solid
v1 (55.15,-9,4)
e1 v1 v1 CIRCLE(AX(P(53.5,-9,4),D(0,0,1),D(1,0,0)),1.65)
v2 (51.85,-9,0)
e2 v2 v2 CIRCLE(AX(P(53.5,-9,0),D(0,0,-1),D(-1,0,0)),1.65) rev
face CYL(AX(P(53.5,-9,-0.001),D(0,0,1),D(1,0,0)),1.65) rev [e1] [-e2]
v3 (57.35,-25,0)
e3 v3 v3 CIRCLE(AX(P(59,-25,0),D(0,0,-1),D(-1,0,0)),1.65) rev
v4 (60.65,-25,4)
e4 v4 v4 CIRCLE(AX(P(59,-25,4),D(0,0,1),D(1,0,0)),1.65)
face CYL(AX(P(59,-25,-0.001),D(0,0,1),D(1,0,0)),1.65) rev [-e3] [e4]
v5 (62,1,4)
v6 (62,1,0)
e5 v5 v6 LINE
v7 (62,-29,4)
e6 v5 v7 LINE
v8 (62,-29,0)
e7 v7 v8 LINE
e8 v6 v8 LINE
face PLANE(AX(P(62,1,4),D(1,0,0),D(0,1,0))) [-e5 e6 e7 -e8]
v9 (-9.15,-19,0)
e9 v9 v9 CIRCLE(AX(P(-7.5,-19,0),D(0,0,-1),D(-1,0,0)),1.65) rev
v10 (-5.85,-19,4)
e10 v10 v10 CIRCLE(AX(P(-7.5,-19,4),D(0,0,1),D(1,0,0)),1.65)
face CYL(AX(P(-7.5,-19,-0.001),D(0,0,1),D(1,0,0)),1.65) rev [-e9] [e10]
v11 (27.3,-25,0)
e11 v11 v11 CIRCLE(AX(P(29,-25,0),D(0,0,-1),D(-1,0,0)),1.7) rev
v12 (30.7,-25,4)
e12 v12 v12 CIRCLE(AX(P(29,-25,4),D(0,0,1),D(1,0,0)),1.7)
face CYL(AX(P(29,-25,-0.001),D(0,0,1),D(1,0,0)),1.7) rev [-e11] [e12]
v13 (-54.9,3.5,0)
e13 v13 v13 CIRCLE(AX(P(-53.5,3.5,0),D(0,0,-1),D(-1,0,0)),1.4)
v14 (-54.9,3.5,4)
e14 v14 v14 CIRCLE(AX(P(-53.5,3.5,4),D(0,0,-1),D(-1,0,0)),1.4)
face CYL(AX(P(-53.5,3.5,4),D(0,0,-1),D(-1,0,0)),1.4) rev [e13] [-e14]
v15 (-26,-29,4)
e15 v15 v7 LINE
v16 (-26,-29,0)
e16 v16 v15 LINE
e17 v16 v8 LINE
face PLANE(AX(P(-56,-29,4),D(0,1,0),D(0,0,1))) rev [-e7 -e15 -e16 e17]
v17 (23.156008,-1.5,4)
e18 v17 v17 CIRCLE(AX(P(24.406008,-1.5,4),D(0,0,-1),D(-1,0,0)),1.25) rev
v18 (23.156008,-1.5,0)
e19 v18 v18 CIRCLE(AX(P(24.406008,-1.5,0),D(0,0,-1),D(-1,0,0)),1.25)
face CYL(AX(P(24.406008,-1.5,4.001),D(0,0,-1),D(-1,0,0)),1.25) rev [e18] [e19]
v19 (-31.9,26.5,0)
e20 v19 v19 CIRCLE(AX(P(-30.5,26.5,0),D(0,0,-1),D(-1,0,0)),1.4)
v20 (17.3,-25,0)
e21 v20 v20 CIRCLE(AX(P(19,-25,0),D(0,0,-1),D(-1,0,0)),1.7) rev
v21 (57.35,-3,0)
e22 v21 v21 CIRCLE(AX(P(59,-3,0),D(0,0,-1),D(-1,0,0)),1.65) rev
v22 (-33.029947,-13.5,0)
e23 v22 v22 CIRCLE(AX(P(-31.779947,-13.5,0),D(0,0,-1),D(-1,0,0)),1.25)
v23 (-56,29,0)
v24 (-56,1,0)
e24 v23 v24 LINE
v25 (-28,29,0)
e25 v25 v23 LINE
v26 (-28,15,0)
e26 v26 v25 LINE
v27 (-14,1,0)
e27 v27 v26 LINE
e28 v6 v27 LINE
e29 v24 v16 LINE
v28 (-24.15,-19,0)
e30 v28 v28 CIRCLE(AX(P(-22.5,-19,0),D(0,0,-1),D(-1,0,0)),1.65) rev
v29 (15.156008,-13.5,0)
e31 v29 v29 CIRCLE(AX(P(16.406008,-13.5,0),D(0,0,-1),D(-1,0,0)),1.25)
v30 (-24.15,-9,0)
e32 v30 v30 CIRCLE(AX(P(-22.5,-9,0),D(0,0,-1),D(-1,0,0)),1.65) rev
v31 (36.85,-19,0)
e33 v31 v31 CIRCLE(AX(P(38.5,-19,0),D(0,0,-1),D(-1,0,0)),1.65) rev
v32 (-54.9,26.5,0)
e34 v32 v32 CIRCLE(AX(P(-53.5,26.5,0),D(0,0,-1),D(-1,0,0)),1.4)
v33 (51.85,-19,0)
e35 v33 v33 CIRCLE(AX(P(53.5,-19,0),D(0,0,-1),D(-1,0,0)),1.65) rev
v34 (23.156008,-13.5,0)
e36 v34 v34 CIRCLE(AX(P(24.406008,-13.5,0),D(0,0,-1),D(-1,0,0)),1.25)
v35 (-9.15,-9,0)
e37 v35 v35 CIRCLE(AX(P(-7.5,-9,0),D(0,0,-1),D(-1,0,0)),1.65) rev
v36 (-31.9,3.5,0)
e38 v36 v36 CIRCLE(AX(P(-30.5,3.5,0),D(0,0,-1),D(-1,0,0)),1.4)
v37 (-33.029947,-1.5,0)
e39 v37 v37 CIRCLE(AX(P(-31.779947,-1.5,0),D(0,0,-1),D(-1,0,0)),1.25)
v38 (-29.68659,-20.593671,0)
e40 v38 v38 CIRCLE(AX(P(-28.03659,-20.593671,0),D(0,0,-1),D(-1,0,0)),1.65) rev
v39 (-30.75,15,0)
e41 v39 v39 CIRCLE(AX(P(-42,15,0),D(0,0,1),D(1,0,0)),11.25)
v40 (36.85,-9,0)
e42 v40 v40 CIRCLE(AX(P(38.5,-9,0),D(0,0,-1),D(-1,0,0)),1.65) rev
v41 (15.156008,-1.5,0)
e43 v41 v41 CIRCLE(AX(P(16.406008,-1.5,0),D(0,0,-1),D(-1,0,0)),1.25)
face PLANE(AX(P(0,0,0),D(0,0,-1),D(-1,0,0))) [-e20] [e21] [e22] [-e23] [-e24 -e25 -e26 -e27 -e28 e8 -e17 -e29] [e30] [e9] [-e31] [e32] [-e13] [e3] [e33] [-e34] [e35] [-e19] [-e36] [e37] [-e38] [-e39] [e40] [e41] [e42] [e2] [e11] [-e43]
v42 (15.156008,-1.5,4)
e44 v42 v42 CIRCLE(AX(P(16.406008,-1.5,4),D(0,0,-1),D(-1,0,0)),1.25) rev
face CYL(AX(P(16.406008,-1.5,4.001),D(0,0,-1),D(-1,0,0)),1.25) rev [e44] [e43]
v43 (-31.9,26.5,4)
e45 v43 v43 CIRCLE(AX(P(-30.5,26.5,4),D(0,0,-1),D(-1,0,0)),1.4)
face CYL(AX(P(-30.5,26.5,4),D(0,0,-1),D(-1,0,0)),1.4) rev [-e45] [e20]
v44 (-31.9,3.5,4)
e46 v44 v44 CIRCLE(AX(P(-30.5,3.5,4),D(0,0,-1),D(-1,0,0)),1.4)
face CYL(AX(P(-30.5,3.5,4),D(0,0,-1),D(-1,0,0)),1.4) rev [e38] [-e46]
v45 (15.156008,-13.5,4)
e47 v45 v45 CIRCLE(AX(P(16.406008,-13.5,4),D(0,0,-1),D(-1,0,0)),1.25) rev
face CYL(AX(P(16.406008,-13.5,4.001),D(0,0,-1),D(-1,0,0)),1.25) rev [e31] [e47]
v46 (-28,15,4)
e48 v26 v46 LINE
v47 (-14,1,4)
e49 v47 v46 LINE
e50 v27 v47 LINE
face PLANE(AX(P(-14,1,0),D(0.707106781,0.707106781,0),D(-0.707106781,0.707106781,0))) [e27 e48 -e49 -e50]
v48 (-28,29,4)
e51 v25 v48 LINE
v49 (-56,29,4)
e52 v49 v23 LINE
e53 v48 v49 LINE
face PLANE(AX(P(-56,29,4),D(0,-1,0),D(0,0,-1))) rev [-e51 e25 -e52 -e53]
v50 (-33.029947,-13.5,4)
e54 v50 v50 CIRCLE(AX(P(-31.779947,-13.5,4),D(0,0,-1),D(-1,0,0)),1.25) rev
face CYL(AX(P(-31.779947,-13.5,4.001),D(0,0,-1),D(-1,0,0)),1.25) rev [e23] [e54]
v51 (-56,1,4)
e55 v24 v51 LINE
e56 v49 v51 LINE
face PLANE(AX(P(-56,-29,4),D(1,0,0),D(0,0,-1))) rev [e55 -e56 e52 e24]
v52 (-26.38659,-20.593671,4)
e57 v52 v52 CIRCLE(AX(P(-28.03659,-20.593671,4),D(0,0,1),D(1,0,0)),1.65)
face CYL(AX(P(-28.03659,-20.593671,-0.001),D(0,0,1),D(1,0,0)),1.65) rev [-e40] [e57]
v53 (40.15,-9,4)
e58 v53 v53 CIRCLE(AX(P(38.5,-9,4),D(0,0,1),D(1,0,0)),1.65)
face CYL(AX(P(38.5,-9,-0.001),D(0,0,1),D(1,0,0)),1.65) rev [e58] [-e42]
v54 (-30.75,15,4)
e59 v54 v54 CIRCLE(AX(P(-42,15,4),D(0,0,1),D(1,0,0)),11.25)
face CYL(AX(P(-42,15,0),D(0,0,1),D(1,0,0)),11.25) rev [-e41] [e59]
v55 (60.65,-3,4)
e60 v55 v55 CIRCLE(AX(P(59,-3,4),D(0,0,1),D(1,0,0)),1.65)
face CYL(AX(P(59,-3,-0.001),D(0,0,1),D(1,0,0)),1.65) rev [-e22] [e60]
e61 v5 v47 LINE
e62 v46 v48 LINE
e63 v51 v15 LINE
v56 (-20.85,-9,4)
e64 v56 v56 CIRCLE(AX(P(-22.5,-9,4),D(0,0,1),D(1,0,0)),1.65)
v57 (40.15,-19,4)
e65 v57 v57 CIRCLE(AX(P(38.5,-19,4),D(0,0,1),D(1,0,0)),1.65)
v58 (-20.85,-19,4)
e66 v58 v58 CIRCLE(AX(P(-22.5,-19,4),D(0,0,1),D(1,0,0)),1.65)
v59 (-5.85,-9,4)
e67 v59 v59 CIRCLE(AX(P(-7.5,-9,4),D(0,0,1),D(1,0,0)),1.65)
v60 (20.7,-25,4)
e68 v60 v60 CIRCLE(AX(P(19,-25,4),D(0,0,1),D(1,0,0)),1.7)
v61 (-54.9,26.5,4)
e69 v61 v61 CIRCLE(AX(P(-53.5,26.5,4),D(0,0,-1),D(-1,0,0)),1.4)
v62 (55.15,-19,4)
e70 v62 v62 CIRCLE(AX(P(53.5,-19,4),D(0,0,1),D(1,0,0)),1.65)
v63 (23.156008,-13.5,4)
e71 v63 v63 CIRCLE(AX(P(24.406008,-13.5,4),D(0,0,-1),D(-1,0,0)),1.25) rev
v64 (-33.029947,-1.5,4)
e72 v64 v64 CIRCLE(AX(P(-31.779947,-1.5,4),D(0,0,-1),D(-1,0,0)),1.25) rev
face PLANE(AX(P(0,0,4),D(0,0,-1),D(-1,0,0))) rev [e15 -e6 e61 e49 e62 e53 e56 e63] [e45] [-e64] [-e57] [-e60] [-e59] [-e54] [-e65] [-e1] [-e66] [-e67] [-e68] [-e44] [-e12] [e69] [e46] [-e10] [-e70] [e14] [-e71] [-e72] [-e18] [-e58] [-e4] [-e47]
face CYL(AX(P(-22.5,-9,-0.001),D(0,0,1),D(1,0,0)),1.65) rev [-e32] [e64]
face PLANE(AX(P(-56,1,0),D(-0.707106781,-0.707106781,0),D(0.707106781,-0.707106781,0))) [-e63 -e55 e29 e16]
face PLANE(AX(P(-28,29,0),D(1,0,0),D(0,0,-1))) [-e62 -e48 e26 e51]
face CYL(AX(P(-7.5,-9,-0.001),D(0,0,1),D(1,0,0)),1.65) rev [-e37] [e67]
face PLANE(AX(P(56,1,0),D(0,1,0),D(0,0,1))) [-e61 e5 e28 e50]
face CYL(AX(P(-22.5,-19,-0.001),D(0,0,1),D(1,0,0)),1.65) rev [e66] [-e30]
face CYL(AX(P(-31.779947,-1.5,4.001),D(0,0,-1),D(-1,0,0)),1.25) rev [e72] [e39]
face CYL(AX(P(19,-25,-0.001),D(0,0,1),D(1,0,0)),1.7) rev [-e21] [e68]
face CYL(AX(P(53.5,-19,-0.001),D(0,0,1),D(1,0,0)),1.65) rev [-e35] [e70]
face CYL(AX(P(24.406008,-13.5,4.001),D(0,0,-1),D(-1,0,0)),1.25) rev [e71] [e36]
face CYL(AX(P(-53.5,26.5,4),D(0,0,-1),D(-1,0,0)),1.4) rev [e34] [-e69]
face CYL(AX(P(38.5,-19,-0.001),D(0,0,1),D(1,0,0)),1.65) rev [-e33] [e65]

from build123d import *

# Parameters (mm, degrees)
SKETCH_1_W          = 112
SKETCH_1_H          = 58
EXTRUDE_1_DEPTH     = 4
SKETCH_2_OUTSIDE_W  = 139.238
SKETCH_2_OUTSIDE_H  = 85.238
CUT_EXTRUDE_1_DEPTH = 4
SKETCH_3_R          = 11.25
CUT_EXTRUDE_2_DEPTH = 4
CUT_EXTRUDE_3_REACH = 65.19
SKETCH_4_R          = 1.65
SKETCH_4_R_2        = 1.7
CUT_EXTRUDE_4_REACH = 65.19
SKETCH_5_R          = 1.25
SKETCH_8_W          = 6
SKETCH_8_H          = 30
EXTRUDE_3_DEPTH     = 4
CUT_EXTRUDE_5_REACH = 70.564
SKETCH_10_R         = 1.65
CUT_EXTRUDE_6_REACH = 70.564
SKETCH_11_R         = 1.65
SKETCH_13_R         = 1.4
CUT_EXTRUDE_7_DEPTH = 69.563838866


with BuildPart() as part:
    # 草图1 → 凸台-拉伸1 (new body)
    with BuildSketch(Plane.XY):
        Rectangle(SKETCH_1_W, SKETCH_1_H)
    extrude(amount=EXTRUDE_1_DEPTH)

    # 草图2 outside → 切除-拉伸1 (cut)
    with BuildSketch(Plane.XY.offset(4)):
        Rectangle(SKETCH_2_OUTSIDE_W, SKETCH_2_OUTSIDE_H)
        Polygon((56, 1), (-14, 1), (-28, 15), (-28, 29), (-56, 29), (-56, 1), (-26, -29), (56, -29), align=None, mode=Mode.SUBTRACT)
    extrude(amount=-CUT_EXTRUDE_1_DEPTH, mode=Mode.SUBTRACT)

    # 草图3 → 切除-拉伸2 (cut)
    with BuildSketch(Plane.XY.offset(4)):
        with Locations((-42, 15)):
            Circle(SKETCH_3_R)
    extrude(amount=-CUT_EXTRUDE_2_DEPTH, mode=Mode.SUBTRACT)

    # 草图4 → 切除-拉伸3 (cut, up to next)
    with BuildSketch(Plane.XY.offset(4), mode=Mode.PRIVATE) as cut_extrude_3_sk1:
        with Locations((-22.5, -19)):
            Circle(SKETCH_4_R)
    cut_extrude_3_tool1 = extrude(cut_extrude_3_sk1.sketch, amount=-CUT_EXTRUDE_3_REACH, mode=Mode.PRIVATE) & part.part
    # 草图4 → 切除-拉伸3 (cut, up to next)
    with BuildSketch(Plane.XY.offset(4), mode=Mode.PRIVATE) as cut_extrude_3_sk2:
        with Locations((-22.5, -9)):
            Circle(SKETCH_4_R)
    cut_extrude_3_tool2 = extrude(cut_extrude_3_sk2.sketch, amount=-CUT_EXTRUDE_3_REACH, mode=Mode.PRIVATE) & part.part
    # 草图4 → 切除-拉伸3 (cut, up to next)
    with BuildSketch(Plane.XY.offset(4), mode=Mode.PRIVATE) as cut_extrude_3_sk3:
        with Locations((-7.5, -19)):
            Circle(SKETCH_4_R)
    cut_extrude_3_tool3 = extrude(cut_extrude_3_sk3.sketch, amount=-CUT_EXTRUDE_3_REACH, mode=Mode.PRIVATE) & part.part
    # 草图4 → 切除-拉伸3 (cut, up to next)
    with BuildSketch(Plane.XY.offset(4), mode=Mode.PRIVATE) as cut_extrude_3_sk4:
        with Locations((-7.5, -9)):
            Circle(SKETCH_4_R)
    cut_extrude_3_tool4 = extrude(cut_extrude_3_sk4.sketch, amount=-CUT_EXTRUDE_3_REACH, mode=Mode.PRIVATE) & part.part
    # 草图4 → 切除-拉伸3 (cut, up to next)
    with BuildSketch(Plane.XY.offset(4), mode=Mode.PRIVATE) as cut_extrude_3_sk5:
        with Locations((38.5, -19)):
            Circle(SKETCH_4_R)
    cut_extrude_3_tool5 = extrude(cut_extrude_3_sk5.sketch, amount=-CUT_EXTRUDE_3_REACH, mode=Mode.PRIVATE) & part.part
    # 草图4 → 切除-拉伸3 (cut, up to next)
    with BuildSketch(Plane.XY.offset(4), mode=Mode.PRIVATE) as cut_extrude_3_sk6:
        with Locations((38.5, -9)):
            Circle(SKETCH_4_R)
    cut_extrude_3_tool6 = extrude(cut_extrude_3_sk6.sketch, amount=-CUT_EXTRUDE_3_REACH, mode=Mode.PRIVATE) & part.part
    # 草图4 → 切除-拉伸3 (cut, up to next)
    with BuildSketch(Plane.XY.offset(4), mode=Mode.PRIVATE) as cut_extrude_3_sk7:
        with Locations((53.5, -19)):
            Circle(SKETCH_4_R)
    cut_extrude_3_tool7 = extrude(cut_extrude_3_sk7.sketch, amount=-CUT_EXTRUDE_3_REACH, mode=Mode.PRIVATE) & part.part
    # 草图4 → 切除-拉伸3 (cut, up to next)
    with BuildSketch(Plane.XY.offset(4), mode=Mode.PRIVATE) as cut_extrude_3_sk8:
        with Locations((53.5, -9)):
            Circle(SKETCH_4_R)
    cut_extrude_3_tool8 = extrude(cut_extrude_3_sk8.sketch, amount=-CUT_EXTRUDE_3_REACH, mode=Mode.PRIVATE) & part.part
    # 草图4 → 切除-拉伸3 (cut, up to next)
    with BuildSketch(Plane.XY.offset(4), mode=Mode.PRIVATE) as cut_extrude_3_sk9:
        with Locations((19, -25)):
            Circle(SKETCH_4_R_2)
    cut_extrude_3_tool9 = extrude(cut_extrude_3_sk9.sketch, amount=-CUT_EXTRUDE_3_REACH, mode=Mode.PRIVATE) & part.part
    # 草图4 → 切除-拉伸3 (cut, up to next)
    with BuildSketch(Plane.XY.offset(4), mode=Mode.PRIVATE) as cut_extrude_3_sk10:
        with Locations((29, -25)):
            Circle(SKETCH_4_R_2)
    cut_extrude_3_tool10 = extrude(cut_extrude_3_sk10.sketch, amount=-CUT_EXTRUDE_3_REACH, mode=Mode.PRIVATE) & part.part
    add(cut_extrude_3_tool1.solids().sort_by_distance((-22.5, -19, 4))[0], mode=Mode.SUBTRACT)
    add(cut_extrude_3_tool2.solids().sort_by_distance((-22.5, -9, 4))[0], mode=Mode.SUBTRACT)
    add(cut_extrude_3_tool3.solids().sort_by_distance((-7.5, -19, 4))[0], mode=Mode.SUBTRACT)
    add(cut_extrude_3_tool4.solids().sort_by_distance((-7.5, -9, 4))[0], mode=Mode.SUBTRACT)
    add(cut_extrude_3_tool5.solids().sort_by_distance((38.5, -19, 4))[0], mode=Mode.SUBTRACT)
    add(cut_extrude_3_tool6.solids().sort_by_distance((38.5, -9, 4))[0], mode=Mode.SUBTRACT)
    add(cut_extrude_3_tool7.solids().sort_by_distance((53.5, -19, 4))[0], mode=Mode.SUBTRACT)
    add(cut_extrude_3_tool8.solids().sort_by_distance((53.5, -9, 4))[0], mode=Mode.SUBTRACT)
    add(cut_extrude_3_tool9.solids().sort_by_distance((19, -25, 4))[0], mode=Mode.SUBTRACT)
    add(cut_extrude_3_tool10.solids().sort_by_distance((29, -25, 4))[0], mode=Mode.SUBTRACT)

    # 草图5 → 切除-拉伸4 (cut, up to next)
    with BuildSketch(Plane(origin=(0, 0, 0), x_dir=(-1, 0, 0), z_dir=(0, 0, -1)), mode=Mode.PRIVATE) as cut_extrude_4_sk1:
        with Locations((-16.406007896, -13.5)):
            Circle(SKETCH_5_R)
    cut_extrude_4_tool1 = extrude(cut_extrude_4_sk1.sketch, amount=-CUT_EXTRUDE_4_REACH, mode=Mode.PRIVATE) & part.part
    # 草图5 → 切除-拉伸4 (cut, up to next)
    with BuildSketch(Plane(origin=(0, 0, 0), x_dir=(-1, 0, 0), z_dir=(0, 0, -1)), mode=Mode.PRIVATE) as cut_extrude_4_sk2:
        with Locations((-24.406007896, -13.5)):
            Circle(SKETCH_5_R)
    cut_extrude_4_tool2 = extrude(cut_extrude_4_sk2.sketch, amount=-CUT_EXTRUDE_4_REACH, mode=Mode.PRIVATE) & part.part
    # 草图5 → 切除-拉伸4 (cut, up to next)
    with BuildSketch(Plane(origin=(0, 0, 0), x_dir=(-1, 0, 0), z_dir=(0, 0, -1)), mode=Mode.PRIVATE) as cut_extrude_4_sk3:
        with Locations((-16.406007896, -1.5)):
            Circle(SKETCH_5_R)
    cut_extrude_4_tool3 = extrude(cut_extrude_4_sk3.sketch, amount=-CUT_EXTRUDE_4_REACH, mode=Mode.PRIVATE) & part.part
    # 草图5 → 切除-拉伸4 (cut, up to next)
    with BuildSketch(Plane(origin=(0, 0, 0), x_dir=(-1, 0, 0), z_dir=(0, 0, -1)), mode=Mode.PRIVATE) as cut_extrude_4_sk4:
        with Locations((-24.406007896, -1.5)):
            Circle(SKETCH_5_R)
    cut_extrude_4_tool4 = extrude(cut_extrude_4_sk4.sketch, amount=-CUT_EXTRUDE_4_REACH, mode=Mode.PRIVATE) & part.part
    # 草图5 → 切除-拉伸4 (cut, up to next)
    with BuildSketch(Plane(origin=(0, 0, 0), x_dir=(-1, 0, 0), z_dir=(0, 0, -1)), mode=Mode.PRIVATE) as cut_extrude_4_sk5:
        with Locations((31.779946847, -13.5)):
            Circle(SKETCH_5_R)
    cut_extrude_4_tool5 = extrude(cut_extrude_4_sk5.sketch, amount=-CUT_EXTRUDE_4_REACH, mode=Mode.PRIVATE) & part.part
    # 草图5 → 切除-拉伸4 (cut, up to next)
    with BuildSketch(Plane(origin=(0, 0, 0), x_dir=(-1, 0, 0), z_dir=(0, 0, -1)), mode=Mode.PRIVATE) as cut_extrude_4_sk6:
        with Locations((31.779946847, -1.5)):
            Circle(SKETCH_5_R)
    cut_extrude_4_tool6 = extrude(cut_extrude_4_sk6.sketch, amount=-CUT_EXTRUDE_4_REACH, mode=Mode.PRIVATE) & part.part
    add(cut_extrude_4_tool1.solids().sort_by_distance((16.406008, -13.5, 0))[0], mode=Mode.SUBTRACT)
    add(cut_extrude_4_tool2.solids().sort_by_distance((24.406008, -13.5, 0))[0], mode=Mode.SUBTRACT)
    add(cut_extrude_4_tool3.solids().sort_by_distance((16.406008, -1.5, 0))[0], mode=Mode.SUBTRACT)
    add(cut_extrude_4_tool4.solids().sort_by_distance((24.406008, -1.5, 0))[0], mode=Mode.SUBTRACT)
    add(cut_extrude_4_tool5.solids().sort_by_distance((-31.779947, -13.5, 0))[0], mode=Mode.SUBTRACT)
    add(cut_extrude_4_tool6.solids().sort_by_distance((-31.779947, -1.5, 0))[0], mode=Mode.SUBTRACT)

    # 草图8 → 凸台-拉伸3 (add)
    with BuildSketch(Plane(origin=(0, 0, 0), x_dir=(-1, 0, 0), z_dir=(0, 0, -1))):
        with Locations((-59, -14)):
            Rectangle(SKETCH_8_W, SKETCH_8_H)
    extrude(amount=-EXTRUDE_3_DEPTH)

    # 草图10 → 切除-拉伸5 (cut, up to next)
    with BuildSketch(Plane.XY.offset(4), mode=Mode.PRIVATE) as cut_extrude_5_sk1:
        with Locations((59, -25)):
            Circle(SKETCH_10_R)
    cut_extrude_5_tool1 = extrude(cut_extrude_5_sk1.sketch, amount=-CUT_EXTRUDE_5_REACH, mode=Mode.PRIVATE) & part.part
    # 草图10 → 切除-拉伸5 (cut, up to next)
    with BuildSketch(Plane.XY.offset(4), mode=Mode.PRIVATE) as cut_extrude_5_sk2:
        with Locations((59, -3)):
            Circle(SKETCH_10_R)
    cut_extrude_5_tool2 = extrude(cut_extrude_5_sk2.sketch, amount=-CUT_EXTRUDE_5_REACH, mode=Mode.PRIVATE) & part.part
    add(cut_extrude_5_tool1.solids().sort_by_distance((59, -25, 4))[0], mode=Mode.SUBTRACT)
    add(cut_extrude_5_tool2.solids().sort_by_distance((59, -3, 4))[0], mode=Mode.SUBTRACT)

    # 草图11 → 切除-拉伸6 (cut, up to next)
    with BuildSketch(Plane.XY.offset(4), mode=Mode.PRIVATE) as cut_extrude_6_sk1:
        with Locations((-28.036589911, -20.593670707)):
            Circle(SKETCH_11_R)
    cut_extrude_6_tool1 = extrude(cut_extrude_6_sk1.sketch, amount=-CUT_EXTRUDE_6_REACH, mode=Mode.PRIVATE) & part.part
    add(cut_extrude_6_tool1.solids().sort_by_distance((-28.03659, -20.593671, 4))[0], mode=Mode.SUBTRACT)

    # 草图13 → 切除-拉伸7 (cut, through all)
    with BuildSketch(Plane(origin=(0, 0, 0), x_dir=(-1, 0, 0), z_dir=(0, 0, -1))):
        with Locations((53.5, 26.5)):
            Circle(SKETCH_13_R)
        with Locations((53.5, 3.5)):
            Circle(SKETCH_13_R)
        with Locations((30.5, 3.5)):
            Circle(SKETCH_13_R)
        with Locations((30.5, 26.5)):
            Circle(SKETCH_13_R)
    extrude(amount=-CUT_EXTRUDE_7_DEPTH, mode=Mode.SUBTRACT)


solid = part.part
